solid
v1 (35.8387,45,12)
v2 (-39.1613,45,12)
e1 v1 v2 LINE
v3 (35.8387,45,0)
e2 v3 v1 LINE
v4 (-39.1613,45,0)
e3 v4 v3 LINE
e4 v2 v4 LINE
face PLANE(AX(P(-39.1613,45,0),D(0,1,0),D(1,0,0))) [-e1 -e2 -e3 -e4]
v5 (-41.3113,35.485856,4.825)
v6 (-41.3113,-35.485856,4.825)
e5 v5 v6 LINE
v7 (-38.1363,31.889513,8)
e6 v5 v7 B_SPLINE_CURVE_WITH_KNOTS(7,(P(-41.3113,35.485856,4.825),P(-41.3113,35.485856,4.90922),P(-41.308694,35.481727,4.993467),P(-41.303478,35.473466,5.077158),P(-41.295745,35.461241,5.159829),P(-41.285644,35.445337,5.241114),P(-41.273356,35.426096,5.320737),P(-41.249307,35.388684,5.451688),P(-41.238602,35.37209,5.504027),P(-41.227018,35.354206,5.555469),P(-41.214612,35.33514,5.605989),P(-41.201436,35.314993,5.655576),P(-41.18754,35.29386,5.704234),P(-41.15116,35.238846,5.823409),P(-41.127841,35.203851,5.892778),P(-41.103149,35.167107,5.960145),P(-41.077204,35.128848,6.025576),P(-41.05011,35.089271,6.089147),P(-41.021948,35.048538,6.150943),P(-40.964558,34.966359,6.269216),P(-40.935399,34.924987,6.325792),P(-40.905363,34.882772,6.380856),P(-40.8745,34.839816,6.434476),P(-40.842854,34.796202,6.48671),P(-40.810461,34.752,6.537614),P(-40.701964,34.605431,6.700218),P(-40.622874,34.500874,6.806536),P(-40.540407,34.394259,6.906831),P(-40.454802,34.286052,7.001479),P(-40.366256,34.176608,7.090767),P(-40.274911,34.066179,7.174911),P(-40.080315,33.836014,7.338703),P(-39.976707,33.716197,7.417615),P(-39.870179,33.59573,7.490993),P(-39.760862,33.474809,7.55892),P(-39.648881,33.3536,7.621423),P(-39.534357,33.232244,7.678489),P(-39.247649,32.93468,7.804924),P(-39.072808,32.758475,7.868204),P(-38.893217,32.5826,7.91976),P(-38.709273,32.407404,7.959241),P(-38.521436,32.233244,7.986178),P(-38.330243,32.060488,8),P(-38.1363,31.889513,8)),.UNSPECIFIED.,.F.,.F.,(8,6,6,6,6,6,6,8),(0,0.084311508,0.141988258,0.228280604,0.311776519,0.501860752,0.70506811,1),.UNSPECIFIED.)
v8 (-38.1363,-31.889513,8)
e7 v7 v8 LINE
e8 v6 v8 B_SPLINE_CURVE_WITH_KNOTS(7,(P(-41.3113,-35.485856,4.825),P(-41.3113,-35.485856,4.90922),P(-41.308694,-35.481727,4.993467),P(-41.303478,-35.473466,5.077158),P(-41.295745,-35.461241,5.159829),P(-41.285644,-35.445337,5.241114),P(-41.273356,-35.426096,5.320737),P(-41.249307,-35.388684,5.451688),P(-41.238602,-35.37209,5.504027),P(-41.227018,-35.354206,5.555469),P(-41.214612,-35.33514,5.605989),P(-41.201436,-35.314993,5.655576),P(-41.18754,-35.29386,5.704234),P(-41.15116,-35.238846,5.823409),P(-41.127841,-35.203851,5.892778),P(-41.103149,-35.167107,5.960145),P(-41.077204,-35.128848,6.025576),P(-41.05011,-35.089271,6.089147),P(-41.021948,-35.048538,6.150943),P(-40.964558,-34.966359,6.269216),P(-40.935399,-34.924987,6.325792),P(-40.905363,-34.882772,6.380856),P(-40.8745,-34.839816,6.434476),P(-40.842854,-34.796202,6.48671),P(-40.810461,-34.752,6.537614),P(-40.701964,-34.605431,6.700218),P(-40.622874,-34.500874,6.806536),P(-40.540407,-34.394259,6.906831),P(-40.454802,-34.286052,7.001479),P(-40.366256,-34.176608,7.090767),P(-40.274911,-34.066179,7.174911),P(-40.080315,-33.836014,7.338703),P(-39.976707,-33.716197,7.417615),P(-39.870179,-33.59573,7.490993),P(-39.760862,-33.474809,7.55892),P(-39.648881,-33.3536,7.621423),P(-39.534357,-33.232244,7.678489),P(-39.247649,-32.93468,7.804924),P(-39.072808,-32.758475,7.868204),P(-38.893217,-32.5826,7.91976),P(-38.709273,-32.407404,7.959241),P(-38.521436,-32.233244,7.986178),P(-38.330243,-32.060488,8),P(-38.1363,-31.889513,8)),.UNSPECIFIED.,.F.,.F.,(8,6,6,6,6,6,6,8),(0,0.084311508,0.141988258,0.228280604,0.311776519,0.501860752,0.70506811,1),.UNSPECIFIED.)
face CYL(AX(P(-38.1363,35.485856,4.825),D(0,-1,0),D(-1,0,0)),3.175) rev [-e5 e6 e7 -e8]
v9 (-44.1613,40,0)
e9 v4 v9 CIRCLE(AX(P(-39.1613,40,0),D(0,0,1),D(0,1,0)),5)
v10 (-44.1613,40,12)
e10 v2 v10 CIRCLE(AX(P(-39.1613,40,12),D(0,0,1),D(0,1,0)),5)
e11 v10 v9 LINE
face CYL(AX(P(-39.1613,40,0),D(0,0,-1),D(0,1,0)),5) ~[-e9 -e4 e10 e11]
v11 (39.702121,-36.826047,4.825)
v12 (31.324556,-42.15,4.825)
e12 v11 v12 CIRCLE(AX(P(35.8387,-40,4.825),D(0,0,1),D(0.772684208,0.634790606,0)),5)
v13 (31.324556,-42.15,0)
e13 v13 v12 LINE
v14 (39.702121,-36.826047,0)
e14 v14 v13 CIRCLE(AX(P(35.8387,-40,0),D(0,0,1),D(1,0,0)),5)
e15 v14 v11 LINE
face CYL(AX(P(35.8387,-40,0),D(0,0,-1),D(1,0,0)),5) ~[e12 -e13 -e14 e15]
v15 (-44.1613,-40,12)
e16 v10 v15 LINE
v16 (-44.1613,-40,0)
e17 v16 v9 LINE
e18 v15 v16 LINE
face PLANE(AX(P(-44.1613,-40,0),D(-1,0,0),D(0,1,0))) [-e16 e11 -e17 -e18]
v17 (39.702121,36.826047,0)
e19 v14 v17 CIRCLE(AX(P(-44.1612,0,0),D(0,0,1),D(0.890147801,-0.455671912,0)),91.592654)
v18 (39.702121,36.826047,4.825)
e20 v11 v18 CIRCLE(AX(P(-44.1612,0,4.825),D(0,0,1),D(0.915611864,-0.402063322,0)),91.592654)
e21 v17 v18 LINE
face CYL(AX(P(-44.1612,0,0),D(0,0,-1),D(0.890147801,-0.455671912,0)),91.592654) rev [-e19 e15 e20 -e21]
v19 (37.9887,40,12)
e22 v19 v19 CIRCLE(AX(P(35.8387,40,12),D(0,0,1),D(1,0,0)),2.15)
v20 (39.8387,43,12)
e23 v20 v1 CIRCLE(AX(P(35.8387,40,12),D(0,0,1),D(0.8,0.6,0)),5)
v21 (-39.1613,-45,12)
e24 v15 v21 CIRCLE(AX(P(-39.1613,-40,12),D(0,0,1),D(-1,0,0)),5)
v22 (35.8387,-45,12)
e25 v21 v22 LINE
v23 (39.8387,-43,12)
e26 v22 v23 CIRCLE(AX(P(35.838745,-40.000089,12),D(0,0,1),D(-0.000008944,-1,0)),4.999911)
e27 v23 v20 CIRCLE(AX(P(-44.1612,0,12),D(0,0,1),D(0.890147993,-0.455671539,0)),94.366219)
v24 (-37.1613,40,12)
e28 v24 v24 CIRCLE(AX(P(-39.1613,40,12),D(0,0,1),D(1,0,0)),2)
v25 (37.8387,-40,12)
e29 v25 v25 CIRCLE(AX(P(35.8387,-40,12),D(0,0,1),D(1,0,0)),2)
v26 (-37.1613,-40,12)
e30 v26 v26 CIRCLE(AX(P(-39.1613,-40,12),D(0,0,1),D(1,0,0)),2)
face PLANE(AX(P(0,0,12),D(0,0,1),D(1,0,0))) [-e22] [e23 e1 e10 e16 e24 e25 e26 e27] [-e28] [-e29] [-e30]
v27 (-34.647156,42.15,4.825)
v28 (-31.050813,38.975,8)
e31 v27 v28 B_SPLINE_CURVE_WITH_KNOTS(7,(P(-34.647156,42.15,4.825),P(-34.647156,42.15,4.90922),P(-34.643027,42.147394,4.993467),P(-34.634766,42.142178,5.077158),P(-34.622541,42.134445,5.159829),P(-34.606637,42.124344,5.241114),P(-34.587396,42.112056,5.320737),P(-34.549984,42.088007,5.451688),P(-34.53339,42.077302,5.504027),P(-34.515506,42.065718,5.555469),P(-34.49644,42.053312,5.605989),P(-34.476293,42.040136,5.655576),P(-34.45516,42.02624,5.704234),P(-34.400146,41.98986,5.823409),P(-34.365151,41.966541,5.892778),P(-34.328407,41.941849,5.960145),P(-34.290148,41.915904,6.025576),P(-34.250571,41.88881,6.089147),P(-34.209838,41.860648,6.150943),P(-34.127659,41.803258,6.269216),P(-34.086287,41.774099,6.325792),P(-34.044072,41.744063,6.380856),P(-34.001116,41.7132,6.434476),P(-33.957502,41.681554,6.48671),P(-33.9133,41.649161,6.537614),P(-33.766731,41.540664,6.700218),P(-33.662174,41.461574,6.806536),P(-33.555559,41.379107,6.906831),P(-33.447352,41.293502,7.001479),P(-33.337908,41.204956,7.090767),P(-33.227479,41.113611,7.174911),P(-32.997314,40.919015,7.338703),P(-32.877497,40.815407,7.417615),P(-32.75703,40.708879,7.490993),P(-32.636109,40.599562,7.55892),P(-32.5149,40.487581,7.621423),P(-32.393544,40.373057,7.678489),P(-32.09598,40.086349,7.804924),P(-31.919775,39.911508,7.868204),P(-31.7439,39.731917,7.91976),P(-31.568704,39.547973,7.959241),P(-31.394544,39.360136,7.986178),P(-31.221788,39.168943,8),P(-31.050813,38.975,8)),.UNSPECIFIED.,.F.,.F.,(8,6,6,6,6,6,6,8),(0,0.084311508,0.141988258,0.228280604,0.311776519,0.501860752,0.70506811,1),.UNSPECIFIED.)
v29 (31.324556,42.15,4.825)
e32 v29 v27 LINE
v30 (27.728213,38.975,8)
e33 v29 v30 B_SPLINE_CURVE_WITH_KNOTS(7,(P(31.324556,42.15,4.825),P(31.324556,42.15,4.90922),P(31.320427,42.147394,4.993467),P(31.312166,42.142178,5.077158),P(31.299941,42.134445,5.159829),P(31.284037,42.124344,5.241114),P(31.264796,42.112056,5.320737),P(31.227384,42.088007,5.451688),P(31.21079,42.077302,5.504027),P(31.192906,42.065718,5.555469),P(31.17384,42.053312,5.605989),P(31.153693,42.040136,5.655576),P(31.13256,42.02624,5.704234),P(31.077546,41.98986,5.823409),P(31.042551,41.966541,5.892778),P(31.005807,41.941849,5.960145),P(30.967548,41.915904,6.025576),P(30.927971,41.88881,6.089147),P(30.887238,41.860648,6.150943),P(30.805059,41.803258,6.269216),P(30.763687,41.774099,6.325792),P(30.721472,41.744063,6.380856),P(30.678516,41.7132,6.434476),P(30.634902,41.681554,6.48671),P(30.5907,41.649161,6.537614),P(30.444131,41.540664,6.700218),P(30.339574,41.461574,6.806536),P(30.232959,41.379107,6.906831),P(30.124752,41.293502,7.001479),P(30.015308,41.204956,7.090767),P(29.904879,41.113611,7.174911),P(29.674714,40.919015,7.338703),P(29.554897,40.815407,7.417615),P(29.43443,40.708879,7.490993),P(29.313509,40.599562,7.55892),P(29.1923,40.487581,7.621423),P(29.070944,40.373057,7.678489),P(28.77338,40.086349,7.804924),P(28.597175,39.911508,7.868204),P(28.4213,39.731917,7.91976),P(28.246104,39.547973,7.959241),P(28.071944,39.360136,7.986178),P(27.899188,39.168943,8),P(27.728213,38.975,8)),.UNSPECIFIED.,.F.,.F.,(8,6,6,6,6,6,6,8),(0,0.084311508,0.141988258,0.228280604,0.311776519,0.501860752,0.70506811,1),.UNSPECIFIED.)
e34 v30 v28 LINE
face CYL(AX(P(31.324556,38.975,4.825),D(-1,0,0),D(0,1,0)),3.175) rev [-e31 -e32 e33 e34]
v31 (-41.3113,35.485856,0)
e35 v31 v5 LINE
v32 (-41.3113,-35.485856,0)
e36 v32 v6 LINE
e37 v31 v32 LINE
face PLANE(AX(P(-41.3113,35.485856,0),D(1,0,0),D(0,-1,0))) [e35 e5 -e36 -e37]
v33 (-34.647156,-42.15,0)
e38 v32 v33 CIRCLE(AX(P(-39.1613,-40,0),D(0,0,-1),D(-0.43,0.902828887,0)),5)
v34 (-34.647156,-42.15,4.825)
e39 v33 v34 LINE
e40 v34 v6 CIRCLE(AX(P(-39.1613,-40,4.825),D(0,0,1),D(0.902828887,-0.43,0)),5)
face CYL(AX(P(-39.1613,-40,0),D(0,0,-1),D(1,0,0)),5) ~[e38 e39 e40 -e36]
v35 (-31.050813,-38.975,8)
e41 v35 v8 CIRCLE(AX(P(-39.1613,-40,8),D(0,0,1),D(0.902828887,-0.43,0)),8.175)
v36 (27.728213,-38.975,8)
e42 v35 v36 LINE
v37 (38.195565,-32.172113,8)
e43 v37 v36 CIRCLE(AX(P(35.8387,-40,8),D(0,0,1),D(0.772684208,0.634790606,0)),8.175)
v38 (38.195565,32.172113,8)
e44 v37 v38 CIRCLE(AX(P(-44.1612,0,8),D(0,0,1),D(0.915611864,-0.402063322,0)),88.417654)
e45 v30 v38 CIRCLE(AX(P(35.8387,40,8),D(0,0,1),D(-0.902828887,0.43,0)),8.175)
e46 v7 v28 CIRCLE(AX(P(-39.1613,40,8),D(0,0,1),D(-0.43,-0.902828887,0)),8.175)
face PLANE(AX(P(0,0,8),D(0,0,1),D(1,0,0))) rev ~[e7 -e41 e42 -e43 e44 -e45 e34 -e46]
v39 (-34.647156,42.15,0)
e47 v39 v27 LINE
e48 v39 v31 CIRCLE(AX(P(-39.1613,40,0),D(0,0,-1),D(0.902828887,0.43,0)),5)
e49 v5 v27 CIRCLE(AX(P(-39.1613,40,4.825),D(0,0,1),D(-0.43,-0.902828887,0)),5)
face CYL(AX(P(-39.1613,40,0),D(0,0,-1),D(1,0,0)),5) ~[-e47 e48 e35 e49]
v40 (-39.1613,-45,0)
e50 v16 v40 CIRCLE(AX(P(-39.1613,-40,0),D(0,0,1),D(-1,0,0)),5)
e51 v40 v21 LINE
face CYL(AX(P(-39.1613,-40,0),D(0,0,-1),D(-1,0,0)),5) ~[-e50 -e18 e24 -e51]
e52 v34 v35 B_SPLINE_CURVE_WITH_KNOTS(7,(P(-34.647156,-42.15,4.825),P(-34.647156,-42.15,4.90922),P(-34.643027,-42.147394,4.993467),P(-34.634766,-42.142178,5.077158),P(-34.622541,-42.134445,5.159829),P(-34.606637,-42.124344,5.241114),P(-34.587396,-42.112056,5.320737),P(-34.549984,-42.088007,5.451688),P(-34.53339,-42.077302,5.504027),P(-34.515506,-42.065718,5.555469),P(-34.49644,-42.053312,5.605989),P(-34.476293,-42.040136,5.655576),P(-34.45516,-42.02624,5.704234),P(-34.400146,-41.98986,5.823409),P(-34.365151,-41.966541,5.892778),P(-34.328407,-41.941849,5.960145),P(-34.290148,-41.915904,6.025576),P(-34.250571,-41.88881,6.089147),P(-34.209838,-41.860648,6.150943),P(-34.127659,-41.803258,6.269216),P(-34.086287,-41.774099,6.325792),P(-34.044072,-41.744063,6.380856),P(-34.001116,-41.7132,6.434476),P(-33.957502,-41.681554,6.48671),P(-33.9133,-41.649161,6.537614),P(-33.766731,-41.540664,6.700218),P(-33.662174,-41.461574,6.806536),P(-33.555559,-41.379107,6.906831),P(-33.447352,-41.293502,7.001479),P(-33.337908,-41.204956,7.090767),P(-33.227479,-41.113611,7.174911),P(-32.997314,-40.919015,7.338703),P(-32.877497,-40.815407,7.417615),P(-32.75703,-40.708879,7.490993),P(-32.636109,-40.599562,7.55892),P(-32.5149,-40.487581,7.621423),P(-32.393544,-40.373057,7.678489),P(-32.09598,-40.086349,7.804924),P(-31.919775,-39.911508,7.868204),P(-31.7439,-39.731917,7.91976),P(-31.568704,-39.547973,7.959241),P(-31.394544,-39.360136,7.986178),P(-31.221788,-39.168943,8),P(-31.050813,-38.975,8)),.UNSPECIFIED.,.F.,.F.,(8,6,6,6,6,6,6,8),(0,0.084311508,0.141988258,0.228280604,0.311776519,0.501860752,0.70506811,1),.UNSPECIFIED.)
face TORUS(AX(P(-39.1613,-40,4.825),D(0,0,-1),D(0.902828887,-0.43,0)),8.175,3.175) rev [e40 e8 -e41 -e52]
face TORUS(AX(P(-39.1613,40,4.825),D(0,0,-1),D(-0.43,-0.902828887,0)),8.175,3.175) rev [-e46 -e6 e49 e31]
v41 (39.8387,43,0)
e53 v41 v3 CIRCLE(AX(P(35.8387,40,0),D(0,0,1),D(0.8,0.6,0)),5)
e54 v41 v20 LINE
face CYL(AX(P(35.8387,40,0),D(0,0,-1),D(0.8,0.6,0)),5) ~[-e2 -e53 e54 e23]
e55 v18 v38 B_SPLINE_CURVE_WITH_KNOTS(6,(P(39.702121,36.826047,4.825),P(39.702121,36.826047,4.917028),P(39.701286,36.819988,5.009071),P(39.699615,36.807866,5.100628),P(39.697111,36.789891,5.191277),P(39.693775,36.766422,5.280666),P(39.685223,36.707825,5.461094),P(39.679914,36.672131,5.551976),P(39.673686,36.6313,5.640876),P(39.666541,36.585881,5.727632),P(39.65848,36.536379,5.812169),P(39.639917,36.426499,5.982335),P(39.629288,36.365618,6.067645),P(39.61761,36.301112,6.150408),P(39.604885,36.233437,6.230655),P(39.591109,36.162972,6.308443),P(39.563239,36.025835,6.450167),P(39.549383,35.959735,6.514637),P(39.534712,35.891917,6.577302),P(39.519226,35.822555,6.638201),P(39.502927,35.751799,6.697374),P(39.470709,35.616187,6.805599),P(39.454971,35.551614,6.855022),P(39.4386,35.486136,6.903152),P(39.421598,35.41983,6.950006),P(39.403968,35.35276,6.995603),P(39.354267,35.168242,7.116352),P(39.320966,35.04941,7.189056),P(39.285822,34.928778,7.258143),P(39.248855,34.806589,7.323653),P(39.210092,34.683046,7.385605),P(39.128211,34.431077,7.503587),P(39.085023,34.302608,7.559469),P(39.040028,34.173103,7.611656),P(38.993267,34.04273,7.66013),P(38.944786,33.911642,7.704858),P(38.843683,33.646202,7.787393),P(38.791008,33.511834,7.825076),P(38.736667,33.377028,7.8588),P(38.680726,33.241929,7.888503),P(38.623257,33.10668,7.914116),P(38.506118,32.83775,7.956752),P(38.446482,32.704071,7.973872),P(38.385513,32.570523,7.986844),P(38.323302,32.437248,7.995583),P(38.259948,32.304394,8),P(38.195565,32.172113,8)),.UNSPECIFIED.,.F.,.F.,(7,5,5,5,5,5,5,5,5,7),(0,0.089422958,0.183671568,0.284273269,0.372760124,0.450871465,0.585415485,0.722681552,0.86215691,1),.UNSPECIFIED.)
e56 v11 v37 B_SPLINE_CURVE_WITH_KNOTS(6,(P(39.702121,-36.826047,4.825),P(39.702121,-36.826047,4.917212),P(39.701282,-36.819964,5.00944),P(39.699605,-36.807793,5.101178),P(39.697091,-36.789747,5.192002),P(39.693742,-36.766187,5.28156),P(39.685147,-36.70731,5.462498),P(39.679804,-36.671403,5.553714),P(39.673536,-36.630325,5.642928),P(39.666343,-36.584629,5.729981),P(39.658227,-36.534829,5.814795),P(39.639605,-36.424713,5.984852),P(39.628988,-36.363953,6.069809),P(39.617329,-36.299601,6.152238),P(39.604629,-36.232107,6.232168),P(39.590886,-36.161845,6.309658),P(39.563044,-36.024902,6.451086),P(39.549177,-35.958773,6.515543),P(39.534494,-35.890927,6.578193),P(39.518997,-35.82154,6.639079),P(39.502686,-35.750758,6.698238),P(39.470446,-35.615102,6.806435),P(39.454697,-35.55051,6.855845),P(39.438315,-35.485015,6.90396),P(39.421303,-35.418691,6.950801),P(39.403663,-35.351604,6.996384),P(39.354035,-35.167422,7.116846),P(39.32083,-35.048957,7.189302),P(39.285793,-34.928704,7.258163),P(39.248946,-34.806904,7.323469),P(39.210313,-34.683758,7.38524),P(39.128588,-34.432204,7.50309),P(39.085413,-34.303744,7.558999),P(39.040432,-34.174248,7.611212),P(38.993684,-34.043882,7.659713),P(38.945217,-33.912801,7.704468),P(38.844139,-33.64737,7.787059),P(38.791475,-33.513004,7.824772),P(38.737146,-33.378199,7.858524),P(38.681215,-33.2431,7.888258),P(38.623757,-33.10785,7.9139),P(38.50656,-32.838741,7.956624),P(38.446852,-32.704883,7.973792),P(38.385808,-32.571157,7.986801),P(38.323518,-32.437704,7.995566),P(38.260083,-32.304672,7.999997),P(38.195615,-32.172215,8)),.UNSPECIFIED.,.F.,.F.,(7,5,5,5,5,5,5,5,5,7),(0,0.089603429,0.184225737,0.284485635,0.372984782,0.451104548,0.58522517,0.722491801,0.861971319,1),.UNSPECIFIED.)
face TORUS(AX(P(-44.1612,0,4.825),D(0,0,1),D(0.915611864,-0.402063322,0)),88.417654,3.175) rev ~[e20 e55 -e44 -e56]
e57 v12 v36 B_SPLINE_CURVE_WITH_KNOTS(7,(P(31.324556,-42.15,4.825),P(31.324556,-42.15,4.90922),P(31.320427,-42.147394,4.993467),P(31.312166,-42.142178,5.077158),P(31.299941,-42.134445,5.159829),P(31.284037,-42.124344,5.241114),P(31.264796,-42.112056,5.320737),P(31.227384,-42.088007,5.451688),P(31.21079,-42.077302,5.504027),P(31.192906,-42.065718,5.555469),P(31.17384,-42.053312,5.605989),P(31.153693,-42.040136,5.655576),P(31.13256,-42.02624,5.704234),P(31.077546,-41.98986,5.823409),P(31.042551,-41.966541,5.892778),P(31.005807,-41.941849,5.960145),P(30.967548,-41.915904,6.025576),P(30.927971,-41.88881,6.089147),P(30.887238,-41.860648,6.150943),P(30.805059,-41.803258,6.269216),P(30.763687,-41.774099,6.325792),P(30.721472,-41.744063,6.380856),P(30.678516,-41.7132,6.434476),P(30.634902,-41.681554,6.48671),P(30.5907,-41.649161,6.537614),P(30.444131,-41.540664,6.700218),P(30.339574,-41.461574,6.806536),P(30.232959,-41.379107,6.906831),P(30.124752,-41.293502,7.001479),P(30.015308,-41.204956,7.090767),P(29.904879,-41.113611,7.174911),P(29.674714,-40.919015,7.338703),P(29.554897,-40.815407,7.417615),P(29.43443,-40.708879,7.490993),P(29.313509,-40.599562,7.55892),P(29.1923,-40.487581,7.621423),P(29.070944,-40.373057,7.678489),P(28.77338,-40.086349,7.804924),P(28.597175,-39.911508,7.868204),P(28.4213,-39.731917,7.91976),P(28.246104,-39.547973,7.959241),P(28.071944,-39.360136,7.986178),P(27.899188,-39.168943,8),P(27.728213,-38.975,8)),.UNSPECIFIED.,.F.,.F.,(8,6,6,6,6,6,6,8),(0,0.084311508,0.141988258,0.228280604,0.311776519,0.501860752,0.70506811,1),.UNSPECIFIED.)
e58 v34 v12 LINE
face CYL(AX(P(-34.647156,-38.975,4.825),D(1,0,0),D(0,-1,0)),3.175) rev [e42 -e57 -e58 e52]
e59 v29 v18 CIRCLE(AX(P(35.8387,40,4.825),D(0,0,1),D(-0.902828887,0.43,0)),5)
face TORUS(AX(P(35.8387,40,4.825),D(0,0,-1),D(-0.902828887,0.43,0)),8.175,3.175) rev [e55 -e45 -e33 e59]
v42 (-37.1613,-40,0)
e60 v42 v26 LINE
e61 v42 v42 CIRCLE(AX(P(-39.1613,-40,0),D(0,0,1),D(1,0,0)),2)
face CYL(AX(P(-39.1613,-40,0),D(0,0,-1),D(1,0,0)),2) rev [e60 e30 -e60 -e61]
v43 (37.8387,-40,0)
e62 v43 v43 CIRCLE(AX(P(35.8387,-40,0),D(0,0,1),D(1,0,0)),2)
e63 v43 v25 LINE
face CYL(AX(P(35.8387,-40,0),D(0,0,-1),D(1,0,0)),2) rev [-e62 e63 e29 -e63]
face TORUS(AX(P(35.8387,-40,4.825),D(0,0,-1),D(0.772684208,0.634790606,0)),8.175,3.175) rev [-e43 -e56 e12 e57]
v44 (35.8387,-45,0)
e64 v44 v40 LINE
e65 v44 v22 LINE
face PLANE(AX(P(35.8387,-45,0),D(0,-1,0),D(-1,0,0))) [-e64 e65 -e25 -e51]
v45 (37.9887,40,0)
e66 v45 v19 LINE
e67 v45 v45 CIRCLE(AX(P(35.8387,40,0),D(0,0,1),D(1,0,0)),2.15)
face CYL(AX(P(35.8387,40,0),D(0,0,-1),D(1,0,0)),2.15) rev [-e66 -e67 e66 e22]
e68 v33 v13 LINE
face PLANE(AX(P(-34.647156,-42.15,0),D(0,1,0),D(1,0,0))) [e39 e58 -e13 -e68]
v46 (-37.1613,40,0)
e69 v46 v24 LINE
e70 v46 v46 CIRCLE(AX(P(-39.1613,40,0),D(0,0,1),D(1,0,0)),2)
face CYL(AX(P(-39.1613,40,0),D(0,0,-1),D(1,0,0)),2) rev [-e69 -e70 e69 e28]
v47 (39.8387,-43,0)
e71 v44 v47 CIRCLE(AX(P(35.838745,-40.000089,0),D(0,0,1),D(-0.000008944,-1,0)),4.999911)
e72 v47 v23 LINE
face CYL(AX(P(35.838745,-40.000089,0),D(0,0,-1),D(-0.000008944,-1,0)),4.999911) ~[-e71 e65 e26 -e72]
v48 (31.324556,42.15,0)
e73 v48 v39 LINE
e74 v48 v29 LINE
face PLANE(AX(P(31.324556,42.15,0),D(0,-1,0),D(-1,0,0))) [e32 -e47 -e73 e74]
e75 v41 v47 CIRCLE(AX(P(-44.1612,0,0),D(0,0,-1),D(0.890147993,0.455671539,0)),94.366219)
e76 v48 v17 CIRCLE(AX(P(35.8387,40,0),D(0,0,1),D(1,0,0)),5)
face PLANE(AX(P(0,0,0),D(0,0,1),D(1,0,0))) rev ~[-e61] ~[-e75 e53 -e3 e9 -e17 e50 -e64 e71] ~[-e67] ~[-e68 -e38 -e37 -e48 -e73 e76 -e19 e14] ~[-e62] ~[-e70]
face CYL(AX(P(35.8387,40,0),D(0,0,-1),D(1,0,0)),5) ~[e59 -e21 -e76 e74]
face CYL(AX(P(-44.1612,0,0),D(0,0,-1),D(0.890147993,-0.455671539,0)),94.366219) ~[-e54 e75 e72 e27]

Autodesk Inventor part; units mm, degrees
ref_plane "YZ Plane" through (0, 0, 0) normal (1, 0, 0) x (0, 1, 0)
ref_plane "XZ Plane" through (0, 0, 0) normal (0, 1, 0) x (-1, 0, 0)
ref_plane "XY Plane" through (0, 0, 0) normal (0, 0, 1) x (1, 0, 0)
sketch "Sketch1" plane through (0, 0, 0) normal (0, 0, 1) x (1, 0, 0)
  line L0 (-44.1613, -40) -> (-44.1613, 40) projected
  arc A0 (-39.1613, 45) -> (-44.1613, 40) centre (-39.1613, 40) ccw projected
  line L1 (-39.1613, 45) -> (35.8387, 45) projected
  arc A1 (39.8387, 43) -> (35.8387, 45) centre (35.8387, 40) ccw projected
  arc A2 (39.8387, -43) -> (39.8387, 43) centre (-44.1612, 0) ccw projected
  arc A3 (35.8387, -45) -> (39.8387, -43) centre (35.8387, -39.9999) ccw projected
  line L2 (35.8387, -45) -> (-39.1613, -45) projected
  arc A4 (-44.1613, -40) -> (-39.1613, -45) centre (-39.1613, -40) ccw projected
  circle A5 centre (-39.1613, -40) radius 2 projected
  circle A6 centre (-39.1613, 40) radius 2 projected
  circle A7 centre (35.8387, 40) radius 2.15 projected
  circle A8 centre (35.8387, -40) radius 2 projected
  arc A9 (37.5587, 41.29) -> (35.8387, 42.15) centre (35.8387, 40) ccw
  line L3 (35.8387, 42.15) -> (-39.1613, 42.15)
  arc A10 (-39.1613, 42.15) -> (-41.3113, 40) centre (-39.1613, 40) ccw
  line L4 (-41.3113, 40) -> (-41.3113, -40)
  arc A11 (-41.3113, -40) -> (-39.1613, -42.15) centre (-39.1613, -40) ccw
  line L5 (-39.1613, -42.15) -> (35.8387, -42.15)
  arc A12 (35.8387, -42.15) -> (37.5587, -41.29) centre (35.8387, -39.9999) ccw
  arc A13 (37.3698, -41.7362) -> (37.3698, 41.7362) centre (-44.1612, 0) ccw
  circle A14 centre (-39.1613, 40) radius 5
  circle A15 centre (35.8387, 40) radius 5
  circle A16 centre (35.8387, -40) radius 5
  circle A17 centre (-39.1613, -40) radius 5
  point P0 (0, 0)
  point P1 (39.8387, -43)
  point P2 (31.3246, 42.15)
  point P3 (39.7021, 36.826)
  point P4 (39.7021, -36.826)
  point P5 (31.3246, -42.15)
  point P6 (-34.6471, -42.15)
  point P7 (-41.3113, -35.4859)
  point P8 (-41.3113, 35.4859)
  point P9 (-34.6471, 42.15)
extrude "Extrusion1" add sketch "Sketch1" along normal blind 8 contours A17 L4 A11 L5 A4 | L0 A14 L4 A17 | A0 A14 L3 A10 L4 | A17 L5 A16 L2 | A17 L5 A11 L4 | L1 A15 L3 A14 | L4 A10 L3 A14 | A16 A2 A3 | A1 A2 A15 A13 A7 L3 | L3 A7 A13 A15 | A16 A13 A15 A2
sketch "Sketch2" plane through (0, 0, 8) normal (0, 0, 1) x (1, 0, 0)
  arc A0 (-39.1613, 45) -> (-44.1613, 40) centre (-39.1613, 40) ccw projected
  line L0 (-44.1613, 40) -> (-44.1613, -40) projected
  arc A1 (-44.1613, -40) -> (-39.1613, -45) centre (-39.1613, -40) ccw projected
  line L1 (-39.1613, -45) -> (35.8387, -45) projected
  arc A2 (35.8387, -45) -> (39.8387, -43) centre (35.8387, -39.9999) ccw projected
  arc A3 (39.8387, -43) -> (39.8387, 43) centre (-44.1612, 0) ccw projected
  arc A4 (39.8387, 43) -> (35.8387, 45) centre (35.8387, 40) ccw projected
  line L2 (35.8387, 45) -> (-39.1613, 45) projected
  circle A5 centre (35.8387, 40) radius 2.15 projected
  circle A6 centre (35.8387, -40) radius 2 projected
  circle A7 centre (-39.1613, -40) radius 2 projected
  circle A8 centre (-39.1613, 40) radius 2 projected
  arc A9 (31.3246, 42.15) -> (39.7021, 36.826) centre (35.8387, 40) ccw projected
  arc A10 (39.7021, -36.826) -> (39.7021, 36.826) centre (-44.1612, 0) ccw projected
  arc A11 (39.7021, -36.826) -> (31.3246, -42.15) centre (35.8387, -40) ccw projected
  line L3 (31.3246, -42.15) -> (-34.6471, -42.15) projected
  arc A12 (-34.6471, -42.15) -> (-41.3113, -35.4859) centre (-39.1613, -40) ccw projected
  line L4 (-41.3113, -35.4859) -> (-41.3113, 35.4859) projected
  arc A13 (-41.3113, 35.4859) -> (-34.6471, 42.15) centre (-39.1613, 40) ccw projected
  line L5 (-34.6471, 42.15) -> (31.3246, 42.15) projected
  point P0 (0, 0)
extrude "Extrusion2" add sketch "Sketch2" along normal blind 4 contours L2 A4 A3 A2 L1 A1 L0 A0 | A9 A10 A11 L3 A12 L4 A13 L5
fillet "Fillet1" radius 3.175 8 edges at (-1.6613, 42.15, 8) (-41.3113, 0, 8) (-1.6613, -42.15, 8) (47.4314, 0, 8) (-35.6257, -36.4645, 8) (-35.6257, 36.4645, 8) (33.1569, 35.7801, 8) (33.1569, -35.7801, 8)
properties part number "Bottom Case"
